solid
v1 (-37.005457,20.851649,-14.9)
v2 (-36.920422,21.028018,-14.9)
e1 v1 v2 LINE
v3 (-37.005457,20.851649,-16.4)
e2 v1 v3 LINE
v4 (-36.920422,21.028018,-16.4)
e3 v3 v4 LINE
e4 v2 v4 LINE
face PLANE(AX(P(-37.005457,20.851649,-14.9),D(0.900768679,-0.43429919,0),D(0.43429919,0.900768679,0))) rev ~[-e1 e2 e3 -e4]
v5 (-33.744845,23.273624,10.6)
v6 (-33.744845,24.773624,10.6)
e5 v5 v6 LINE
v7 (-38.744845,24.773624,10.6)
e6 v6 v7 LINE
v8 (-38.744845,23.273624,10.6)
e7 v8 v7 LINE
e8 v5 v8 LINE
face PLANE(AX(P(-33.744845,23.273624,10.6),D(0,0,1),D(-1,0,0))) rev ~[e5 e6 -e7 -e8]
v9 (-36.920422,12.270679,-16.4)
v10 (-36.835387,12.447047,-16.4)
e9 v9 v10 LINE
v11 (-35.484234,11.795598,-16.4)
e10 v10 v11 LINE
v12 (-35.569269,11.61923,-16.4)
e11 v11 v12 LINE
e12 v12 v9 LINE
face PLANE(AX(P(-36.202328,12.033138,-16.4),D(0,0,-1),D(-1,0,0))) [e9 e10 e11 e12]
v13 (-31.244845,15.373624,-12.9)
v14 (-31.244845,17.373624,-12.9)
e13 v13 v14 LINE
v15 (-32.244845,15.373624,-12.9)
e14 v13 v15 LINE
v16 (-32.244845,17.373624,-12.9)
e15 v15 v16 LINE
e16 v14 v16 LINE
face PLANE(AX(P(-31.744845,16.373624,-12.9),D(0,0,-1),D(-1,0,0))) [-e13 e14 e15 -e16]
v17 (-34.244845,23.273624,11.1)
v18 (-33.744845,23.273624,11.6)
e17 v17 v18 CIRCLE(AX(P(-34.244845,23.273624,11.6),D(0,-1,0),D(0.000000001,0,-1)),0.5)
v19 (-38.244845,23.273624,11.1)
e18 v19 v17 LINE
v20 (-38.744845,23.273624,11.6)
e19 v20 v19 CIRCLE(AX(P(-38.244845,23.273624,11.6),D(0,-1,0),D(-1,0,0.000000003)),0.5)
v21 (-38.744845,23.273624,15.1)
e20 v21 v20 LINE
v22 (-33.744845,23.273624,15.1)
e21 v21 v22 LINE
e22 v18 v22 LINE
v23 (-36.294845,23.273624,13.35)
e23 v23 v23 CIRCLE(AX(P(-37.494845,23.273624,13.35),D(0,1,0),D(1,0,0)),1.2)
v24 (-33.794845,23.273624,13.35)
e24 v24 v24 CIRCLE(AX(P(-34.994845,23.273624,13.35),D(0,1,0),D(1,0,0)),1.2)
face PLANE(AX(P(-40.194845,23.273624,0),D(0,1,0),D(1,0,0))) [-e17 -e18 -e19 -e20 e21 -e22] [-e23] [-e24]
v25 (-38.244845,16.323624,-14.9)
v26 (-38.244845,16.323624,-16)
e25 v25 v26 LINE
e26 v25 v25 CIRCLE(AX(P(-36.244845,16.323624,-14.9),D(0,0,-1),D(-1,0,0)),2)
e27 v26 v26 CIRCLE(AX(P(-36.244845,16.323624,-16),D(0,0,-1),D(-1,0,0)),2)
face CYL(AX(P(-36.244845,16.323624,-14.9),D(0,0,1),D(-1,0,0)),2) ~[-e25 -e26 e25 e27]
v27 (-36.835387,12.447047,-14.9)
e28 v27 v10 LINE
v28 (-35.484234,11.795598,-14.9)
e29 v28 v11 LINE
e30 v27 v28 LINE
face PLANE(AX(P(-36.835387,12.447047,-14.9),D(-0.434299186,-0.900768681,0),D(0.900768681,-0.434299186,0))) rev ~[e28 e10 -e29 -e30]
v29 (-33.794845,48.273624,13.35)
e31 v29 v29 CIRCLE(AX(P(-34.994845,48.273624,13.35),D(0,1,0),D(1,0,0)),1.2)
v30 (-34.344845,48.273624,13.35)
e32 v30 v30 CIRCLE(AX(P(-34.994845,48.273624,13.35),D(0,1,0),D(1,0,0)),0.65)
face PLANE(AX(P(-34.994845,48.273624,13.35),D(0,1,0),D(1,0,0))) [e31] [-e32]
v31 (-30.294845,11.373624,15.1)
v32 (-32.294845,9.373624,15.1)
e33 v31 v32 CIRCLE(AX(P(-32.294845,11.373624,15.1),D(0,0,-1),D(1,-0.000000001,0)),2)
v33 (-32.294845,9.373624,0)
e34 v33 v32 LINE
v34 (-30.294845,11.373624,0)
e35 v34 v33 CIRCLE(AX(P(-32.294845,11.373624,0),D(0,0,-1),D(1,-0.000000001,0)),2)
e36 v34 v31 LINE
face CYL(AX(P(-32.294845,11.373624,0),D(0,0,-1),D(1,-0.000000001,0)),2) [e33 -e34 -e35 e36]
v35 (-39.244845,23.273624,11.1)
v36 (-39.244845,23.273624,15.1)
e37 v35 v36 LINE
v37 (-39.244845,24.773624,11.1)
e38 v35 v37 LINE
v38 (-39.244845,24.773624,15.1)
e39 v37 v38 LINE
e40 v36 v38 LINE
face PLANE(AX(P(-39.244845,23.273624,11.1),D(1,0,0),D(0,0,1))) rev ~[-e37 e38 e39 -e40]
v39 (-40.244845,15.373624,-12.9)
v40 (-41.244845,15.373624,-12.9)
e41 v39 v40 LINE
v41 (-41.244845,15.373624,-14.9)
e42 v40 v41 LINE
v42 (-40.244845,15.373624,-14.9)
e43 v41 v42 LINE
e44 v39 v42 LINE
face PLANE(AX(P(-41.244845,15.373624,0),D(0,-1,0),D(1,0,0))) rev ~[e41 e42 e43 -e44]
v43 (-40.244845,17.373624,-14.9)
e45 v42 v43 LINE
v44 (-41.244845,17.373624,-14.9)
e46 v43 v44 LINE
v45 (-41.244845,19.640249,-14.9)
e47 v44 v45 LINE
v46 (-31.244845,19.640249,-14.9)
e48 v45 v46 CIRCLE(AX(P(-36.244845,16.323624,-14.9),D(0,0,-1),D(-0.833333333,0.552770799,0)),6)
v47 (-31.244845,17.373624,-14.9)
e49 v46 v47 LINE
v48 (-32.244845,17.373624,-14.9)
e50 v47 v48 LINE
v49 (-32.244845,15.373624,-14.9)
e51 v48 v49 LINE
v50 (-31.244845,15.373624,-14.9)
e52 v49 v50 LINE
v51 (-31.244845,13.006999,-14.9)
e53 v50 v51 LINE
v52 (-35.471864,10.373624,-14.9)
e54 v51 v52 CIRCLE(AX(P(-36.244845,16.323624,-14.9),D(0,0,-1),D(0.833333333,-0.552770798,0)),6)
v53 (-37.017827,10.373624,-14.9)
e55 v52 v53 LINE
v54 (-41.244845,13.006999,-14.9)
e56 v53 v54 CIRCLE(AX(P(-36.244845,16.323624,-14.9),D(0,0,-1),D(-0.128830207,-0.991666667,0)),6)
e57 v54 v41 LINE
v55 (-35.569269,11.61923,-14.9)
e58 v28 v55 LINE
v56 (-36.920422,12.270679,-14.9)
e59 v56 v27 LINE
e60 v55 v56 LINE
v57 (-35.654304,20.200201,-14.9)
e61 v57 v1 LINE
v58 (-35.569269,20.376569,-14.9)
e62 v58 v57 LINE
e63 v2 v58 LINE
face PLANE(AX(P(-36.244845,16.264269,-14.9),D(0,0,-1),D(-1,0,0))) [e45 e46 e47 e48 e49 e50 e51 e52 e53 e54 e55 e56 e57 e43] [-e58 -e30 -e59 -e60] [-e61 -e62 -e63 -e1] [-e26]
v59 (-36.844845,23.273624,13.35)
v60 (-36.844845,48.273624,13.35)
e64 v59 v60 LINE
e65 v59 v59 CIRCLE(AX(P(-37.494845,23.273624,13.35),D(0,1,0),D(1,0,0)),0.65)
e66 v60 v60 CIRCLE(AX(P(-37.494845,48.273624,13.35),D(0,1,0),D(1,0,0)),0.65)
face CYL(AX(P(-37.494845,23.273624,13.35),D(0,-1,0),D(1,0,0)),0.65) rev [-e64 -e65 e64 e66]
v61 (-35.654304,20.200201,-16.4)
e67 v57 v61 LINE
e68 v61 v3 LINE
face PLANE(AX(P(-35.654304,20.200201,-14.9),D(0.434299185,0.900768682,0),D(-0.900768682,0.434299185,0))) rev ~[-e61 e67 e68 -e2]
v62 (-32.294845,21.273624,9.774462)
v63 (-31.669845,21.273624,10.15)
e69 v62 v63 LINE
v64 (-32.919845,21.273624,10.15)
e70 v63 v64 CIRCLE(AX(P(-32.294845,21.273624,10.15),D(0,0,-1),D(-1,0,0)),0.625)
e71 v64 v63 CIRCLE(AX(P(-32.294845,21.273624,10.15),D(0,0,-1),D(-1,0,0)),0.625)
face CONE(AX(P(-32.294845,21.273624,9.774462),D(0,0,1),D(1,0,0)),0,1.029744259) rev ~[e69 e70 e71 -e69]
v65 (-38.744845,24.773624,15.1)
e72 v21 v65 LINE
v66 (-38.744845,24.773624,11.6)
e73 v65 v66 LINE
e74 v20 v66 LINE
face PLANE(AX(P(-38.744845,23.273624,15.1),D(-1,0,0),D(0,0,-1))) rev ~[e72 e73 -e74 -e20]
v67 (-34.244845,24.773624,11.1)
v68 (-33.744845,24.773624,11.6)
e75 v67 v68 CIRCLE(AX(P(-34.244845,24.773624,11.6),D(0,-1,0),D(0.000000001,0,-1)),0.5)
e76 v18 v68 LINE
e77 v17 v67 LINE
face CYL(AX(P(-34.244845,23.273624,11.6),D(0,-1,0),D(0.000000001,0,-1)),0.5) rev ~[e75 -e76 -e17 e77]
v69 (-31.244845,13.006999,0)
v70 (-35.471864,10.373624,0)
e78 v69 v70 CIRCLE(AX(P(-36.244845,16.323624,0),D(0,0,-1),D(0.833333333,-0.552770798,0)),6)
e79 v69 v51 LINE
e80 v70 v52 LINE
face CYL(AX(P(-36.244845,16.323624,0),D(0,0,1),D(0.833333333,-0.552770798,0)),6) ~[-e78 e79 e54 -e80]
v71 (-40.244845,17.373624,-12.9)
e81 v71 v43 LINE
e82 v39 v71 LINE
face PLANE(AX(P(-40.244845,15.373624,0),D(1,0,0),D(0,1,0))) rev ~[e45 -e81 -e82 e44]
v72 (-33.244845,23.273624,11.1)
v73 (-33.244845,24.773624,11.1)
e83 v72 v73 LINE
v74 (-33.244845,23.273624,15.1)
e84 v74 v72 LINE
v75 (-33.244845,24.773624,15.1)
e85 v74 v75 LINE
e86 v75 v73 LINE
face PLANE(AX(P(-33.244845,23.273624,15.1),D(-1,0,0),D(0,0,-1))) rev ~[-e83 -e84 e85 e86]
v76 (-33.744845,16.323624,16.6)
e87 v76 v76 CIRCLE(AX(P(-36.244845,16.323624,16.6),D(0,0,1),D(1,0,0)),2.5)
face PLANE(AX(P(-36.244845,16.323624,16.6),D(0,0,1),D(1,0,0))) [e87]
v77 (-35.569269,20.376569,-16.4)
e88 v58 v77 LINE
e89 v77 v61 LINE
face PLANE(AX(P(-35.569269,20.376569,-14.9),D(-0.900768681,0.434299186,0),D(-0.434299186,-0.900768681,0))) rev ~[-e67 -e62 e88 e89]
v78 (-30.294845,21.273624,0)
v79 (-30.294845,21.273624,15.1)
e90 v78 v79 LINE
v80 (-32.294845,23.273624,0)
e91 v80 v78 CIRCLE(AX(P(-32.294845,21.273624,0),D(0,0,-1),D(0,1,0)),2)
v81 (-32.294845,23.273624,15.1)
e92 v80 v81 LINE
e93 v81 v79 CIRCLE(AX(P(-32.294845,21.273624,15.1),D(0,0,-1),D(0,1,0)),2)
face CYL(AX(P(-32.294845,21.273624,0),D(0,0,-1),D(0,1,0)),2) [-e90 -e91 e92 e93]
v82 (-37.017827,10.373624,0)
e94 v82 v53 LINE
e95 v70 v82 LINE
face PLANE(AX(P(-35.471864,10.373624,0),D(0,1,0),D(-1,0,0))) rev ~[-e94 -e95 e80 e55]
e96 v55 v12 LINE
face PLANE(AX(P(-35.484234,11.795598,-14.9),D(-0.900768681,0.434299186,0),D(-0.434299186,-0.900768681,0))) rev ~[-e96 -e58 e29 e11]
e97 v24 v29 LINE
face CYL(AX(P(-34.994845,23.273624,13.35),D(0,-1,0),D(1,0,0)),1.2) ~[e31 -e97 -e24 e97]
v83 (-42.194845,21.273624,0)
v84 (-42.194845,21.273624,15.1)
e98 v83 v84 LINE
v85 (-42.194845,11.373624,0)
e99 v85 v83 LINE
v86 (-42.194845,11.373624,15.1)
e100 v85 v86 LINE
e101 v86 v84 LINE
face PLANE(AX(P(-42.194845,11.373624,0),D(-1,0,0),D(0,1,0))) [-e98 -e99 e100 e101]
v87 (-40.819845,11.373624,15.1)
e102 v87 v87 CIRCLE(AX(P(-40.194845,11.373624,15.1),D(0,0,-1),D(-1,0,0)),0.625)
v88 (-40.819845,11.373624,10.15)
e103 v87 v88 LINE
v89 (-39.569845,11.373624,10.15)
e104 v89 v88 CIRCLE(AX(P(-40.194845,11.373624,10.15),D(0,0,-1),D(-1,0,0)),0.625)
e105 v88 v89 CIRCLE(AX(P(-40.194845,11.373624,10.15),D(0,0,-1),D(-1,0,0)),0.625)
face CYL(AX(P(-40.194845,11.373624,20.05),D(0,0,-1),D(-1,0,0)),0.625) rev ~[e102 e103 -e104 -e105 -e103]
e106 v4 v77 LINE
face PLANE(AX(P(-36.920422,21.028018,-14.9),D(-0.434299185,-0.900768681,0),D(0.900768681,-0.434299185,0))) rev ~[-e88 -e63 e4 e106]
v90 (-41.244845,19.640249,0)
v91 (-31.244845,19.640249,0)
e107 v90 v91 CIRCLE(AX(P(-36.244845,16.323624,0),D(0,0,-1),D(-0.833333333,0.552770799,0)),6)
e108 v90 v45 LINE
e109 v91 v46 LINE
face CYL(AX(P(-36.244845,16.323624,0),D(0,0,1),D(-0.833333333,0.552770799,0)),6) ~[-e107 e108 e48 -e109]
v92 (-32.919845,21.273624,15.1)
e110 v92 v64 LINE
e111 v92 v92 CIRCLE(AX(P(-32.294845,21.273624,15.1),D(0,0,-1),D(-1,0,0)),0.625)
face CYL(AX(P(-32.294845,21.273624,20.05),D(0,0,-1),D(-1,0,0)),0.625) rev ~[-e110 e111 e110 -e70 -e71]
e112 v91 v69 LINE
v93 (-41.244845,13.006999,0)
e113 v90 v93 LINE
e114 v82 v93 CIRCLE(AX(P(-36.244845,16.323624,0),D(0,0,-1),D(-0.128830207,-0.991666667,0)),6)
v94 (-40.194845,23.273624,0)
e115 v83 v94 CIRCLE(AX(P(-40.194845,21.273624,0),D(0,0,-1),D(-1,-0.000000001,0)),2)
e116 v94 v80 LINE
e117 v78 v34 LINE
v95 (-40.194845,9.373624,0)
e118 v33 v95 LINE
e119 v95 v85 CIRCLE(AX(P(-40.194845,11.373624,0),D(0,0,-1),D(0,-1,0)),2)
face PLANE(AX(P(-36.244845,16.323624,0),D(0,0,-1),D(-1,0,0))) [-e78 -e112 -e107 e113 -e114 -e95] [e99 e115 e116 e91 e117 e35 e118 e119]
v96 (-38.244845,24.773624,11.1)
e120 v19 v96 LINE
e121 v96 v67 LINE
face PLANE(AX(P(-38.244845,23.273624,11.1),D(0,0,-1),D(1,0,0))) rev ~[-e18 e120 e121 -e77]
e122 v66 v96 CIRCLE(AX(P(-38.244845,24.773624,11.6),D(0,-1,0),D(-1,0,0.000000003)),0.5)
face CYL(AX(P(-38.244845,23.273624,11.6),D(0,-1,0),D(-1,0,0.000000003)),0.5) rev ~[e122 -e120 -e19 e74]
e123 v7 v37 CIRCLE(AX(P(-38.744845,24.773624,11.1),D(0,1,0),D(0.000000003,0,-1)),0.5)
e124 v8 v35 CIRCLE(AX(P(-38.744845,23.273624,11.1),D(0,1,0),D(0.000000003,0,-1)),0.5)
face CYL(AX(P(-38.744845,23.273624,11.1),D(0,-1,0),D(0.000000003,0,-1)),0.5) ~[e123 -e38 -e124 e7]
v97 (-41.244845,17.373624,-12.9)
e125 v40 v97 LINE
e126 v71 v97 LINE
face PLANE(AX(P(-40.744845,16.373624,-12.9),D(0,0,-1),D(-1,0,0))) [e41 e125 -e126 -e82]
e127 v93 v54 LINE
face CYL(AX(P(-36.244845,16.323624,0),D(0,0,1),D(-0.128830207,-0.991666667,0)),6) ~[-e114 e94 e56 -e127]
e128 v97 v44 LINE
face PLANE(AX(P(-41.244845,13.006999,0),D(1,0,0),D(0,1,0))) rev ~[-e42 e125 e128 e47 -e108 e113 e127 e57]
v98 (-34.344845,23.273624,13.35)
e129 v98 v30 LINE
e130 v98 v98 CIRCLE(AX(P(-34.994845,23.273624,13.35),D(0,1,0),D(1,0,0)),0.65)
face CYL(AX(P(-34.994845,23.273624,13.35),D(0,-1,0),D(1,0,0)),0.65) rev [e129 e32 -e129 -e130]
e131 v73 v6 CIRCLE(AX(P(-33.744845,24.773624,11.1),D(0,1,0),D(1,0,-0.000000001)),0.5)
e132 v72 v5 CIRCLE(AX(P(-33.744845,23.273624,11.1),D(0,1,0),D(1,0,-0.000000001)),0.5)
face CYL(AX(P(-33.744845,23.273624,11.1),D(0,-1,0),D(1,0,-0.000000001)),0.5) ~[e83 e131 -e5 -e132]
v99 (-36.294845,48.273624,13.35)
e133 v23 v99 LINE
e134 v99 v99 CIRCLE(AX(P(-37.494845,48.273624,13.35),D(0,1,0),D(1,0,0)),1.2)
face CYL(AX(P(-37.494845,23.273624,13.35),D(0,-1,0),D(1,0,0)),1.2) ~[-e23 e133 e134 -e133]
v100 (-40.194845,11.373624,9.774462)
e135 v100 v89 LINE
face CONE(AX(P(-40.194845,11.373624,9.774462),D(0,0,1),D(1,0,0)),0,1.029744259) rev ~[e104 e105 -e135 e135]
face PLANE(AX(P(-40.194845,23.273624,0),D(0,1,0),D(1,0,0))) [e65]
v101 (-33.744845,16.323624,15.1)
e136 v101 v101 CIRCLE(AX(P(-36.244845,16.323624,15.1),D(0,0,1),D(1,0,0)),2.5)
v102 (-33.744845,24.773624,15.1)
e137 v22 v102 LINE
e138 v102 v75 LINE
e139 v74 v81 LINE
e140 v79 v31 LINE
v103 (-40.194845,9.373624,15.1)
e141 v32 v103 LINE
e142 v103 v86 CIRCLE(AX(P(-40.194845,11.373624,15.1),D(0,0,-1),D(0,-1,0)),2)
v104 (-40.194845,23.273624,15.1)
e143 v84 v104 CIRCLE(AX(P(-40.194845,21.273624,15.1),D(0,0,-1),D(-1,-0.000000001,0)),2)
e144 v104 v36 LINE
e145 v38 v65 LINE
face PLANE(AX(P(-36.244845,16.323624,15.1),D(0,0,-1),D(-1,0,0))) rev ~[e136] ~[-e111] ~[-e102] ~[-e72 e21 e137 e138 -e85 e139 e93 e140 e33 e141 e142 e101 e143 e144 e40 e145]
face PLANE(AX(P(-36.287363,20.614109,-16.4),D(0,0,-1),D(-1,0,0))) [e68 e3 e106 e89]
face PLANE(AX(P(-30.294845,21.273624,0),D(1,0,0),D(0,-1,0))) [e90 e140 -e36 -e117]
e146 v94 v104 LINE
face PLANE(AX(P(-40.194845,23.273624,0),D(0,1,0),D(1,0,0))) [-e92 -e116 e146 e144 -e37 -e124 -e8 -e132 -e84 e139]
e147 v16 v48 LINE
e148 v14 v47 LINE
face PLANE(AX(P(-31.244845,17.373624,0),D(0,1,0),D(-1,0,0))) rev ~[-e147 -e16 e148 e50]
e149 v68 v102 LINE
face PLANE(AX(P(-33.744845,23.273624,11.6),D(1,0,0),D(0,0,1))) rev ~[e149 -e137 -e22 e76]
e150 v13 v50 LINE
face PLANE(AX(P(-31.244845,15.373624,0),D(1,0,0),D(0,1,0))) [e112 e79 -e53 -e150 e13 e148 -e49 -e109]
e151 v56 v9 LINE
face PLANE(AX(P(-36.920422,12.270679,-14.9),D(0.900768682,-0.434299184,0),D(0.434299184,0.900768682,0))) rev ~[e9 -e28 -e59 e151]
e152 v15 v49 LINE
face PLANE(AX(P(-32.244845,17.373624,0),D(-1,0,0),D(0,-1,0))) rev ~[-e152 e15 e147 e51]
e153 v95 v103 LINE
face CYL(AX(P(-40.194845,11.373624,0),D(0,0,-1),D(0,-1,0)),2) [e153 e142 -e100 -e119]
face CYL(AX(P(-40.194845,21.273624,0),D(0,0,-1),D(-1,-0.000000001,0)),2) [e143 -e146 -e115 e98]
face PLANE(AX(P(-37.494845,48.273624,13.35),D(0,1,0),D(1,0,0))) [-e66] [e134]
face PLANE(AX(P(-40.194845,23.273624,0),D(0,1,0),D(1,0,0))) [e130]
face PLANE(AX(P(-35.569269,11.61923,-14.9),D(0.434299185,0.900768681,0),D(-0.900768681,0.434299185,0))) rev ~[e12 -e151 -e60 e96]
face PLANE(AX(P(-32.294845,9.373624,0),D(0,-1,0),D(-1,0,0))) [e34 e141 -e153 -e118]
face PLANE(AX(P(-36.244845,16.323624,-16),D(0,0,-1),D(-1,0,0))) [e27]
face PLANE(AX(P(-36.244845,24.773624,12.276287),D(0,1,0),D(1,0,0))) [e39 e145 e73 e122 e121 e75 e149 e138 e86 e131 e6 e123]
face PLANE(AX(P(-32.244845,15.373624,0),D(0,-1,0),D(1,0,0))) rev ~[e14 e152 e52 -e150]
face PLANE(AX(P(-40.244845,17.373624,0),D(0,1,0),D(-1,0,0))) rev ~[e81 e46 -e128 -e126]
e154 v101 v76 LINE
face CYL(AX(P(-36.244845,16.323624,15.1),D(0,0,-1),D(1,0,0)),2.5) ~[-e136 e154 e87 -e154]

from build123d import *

# Parameters (mm, degrees)
EXTRUDE_1_DEPTH   = 15.1
SKETCH_2_R        = 2.5
EXTRUDE_2_DEPTH   = 1.5
EXTRUDE_3_DEPTH   = 1.5
M1_6X0_35_1_D     = 1.25
M1_6X0_35_1_DEPTH = 4.95
M1_6X0_35_1_TIP   = 0.375537887
EXTRUDE_4_DEPTH   = 14.9
SKETCH_7_3_W      = 1
SKETCH_7_3_H      = 2
EXTRUDE_5_DEPTH   = 12.9
SKETCH_8_R        = 2
EXTRUDE_6_DEPTH   = 1.1
EXTRUDE_7_DEPTH   = 1.5
SKETCH_10_R       = 1.2
SKETCH_10_R_2     = 0.65
EXTRUDE_13_DEPTH  = 25


with BuildPart() as part:
    # ｽｹｯﾁ1 → ﾎﾞｽ - 押し出し1 (new body)
    with BuildSketch(Plane.XY):
        with BuildLine():
            Line((-40.194845485, 23.273623853), (-32.294845485, 23.273623853))
            ThreePointArc((-32.294845485, 23.273623853), (-30.880631923, 22.687837416), (-30.294845485, 21.273623853))
            Line((-30.294845485, 21.273623853), (-30.294845485, 11.373623853))
            ThreePointArc((-30.294845485, 11.373623853), (-30.880631923, 9.959410291), (-32.294845485, 9.373623853))
            Line((-32.294845485, 9.373623853), (-40.194845485, 9.373623853))
            ThreePointArc((-40.194845485, 9.373623853), (-41.609059048, 9.959410291), (-42.194845485, 11.373623853))
            Line((-42.194845485, 11.373623853), (-42.194845485, 21.273623853))
            ThreePointArc((-42.194845485, 21.273623853), (-41.609059048, 22.687837416), (-40.194845485, 23.273623853))
        make_face()
    extrude(amount=EXTRUDE_1_DEPTH)

    # ｽｹｯﾁ2 → ﾎﾞｽ - 押し出し2 (add)
    with BuildSketch(Plane.XY.offset(15.1)):
        with Locations((-36.244845485, 16.323623853)):
            Circle(SKETCH_2_R)
    extrude(amount=EXTRUDE_2_DEPTH)

    # ｽｹｯﾁ3 → ﾎﾞｽ - 押し出し3 (add)
    with BuildSketch(Plane(origin=(0, 23.273623853, 0), x_dir=(1, 0, 0), z_dir=(0, 1, 0))):
        with BuildLine():
            Line((-33.744845485, -10.6), (-38.744845485, -10.6))
            ThreePointArc((-38.744845485, -10.6), (-39.098398876, -10.746446609), (-39.244845485, -11.1))
            Line((-39.244845485, -11.1), (-39.244845485, -15.1))
            Line((-39.244845485, -15.1), (-38.744845485, -15.1))
            Line((-38.744845485, -15.1), (-38.744845485, -14.6))
            Line((-38.744845485, -14.6), (-38.744845485, -11.6))
            ThreePointArc((-38.744845485, -11.6), (-38.598398876, -11.246446609), (-38.244845485, -11.1))
            Line((-38.244845485, -11.1), (-34.244845485, -11.1))
            ThreePointArc((-34.244845485, -11.1), (-33.891292095, -11.246446609), (-33.744845485, -11.6))
            Line((-33.744845485, -11.6), (-33.744845485, -14.6))
            Line((-33.744845485, -14.6), (-33.744845485, -15.1))
            Line((-33.744845485, -15.1), (-33.244845485, -15.1))
            Line((-33.244845485, -15.1), (-33.244845485, -11.1))
            ThreePointArc((-33.244845485, -11.1), (-33.391292095, -10.746446609), (-33.744845485, -10.6))
        make_face()
    extrude(amount=EXTRUDE_3_DEPTH)

    # M1.6x0.35 ねじ穴1
    with Locations(Plane(origin=(-32.294845485, 21.273623853, 15.1), x_dir=(1, 0, 0), z_dir=(0, 0, 1))):
        with Locations((0, 0), (-7.9, -9.9)):
            Hole(M1_6X0_35_1_D / 2, depth=M1_6X0_35_1_DEPTH)
            with Locations((0, 0, -(M1_6X0_35_1_DEPTH + M1_6X0_35_1_TIP / 2))):  # 118° drill point
                Cone(0, M1_6X0_35_1_D / 2, M1_6X0_35_1_TIP, mode=Mode.SUBTRACT)

    # ｽｹｯﾁ7 → ﾎﾞｽ - 押し出し4 (add)
    with BuildSketch(Plane(origin=(0, 0, 0), x_dir=(-1, 0, 0), z_dir=(0, 0, -1))):
        with BuildLine():
            ThreePointArc((41.244845485, 19.640248644), (36.244845485, 22.323623853), (31.244845485, 19.640248644))
            Line((31.244845485, 19.640248644), (31.244845485, 17.373623853))
            Line((31.244845485, 17.373623853), (32.244845485, 17.373623853))
            Line((32.244845485, 17.373623853), (32.244845485, 15.373623853))
            Line((32.244845485, 15.373623853), (31.244845485, 15.373623853))
            Line((31.244845485, 15.373623853), (31.244845485, 13.006999063))
            ThreePointArc((31.244845485, 13.006999063), (33.072229159, 11.231030639), (35.471864244, 10.373623853))
            Line((35.471864244, 10.373623853), (37.017826727, 10.373623853))
            ThreePointArc((37.017826727, 10.373623853), (39.417461811, 11.231030639), (41.244845485, 13.006999063))
            Line((41.244845485, 13.006999063), (41.244845485, 15.373623853))
            Line((41.244845485, 15.373623853), (40.244845485, 15.373623853))
            Line((40.244845485, 15.373623853), (40.244845485, 17.373623853))
            Line((40.244845485, 17.373623853), (41.244845485, 17.373623853))
            Line((41.244845485, 17.373623853), (41.244845485, 19.640248644))
        make_face()
    extrude(amount=EXTRUDE_4_DEPTH)

    # ｽｹｯﾁ7<3> → ﾎﾞｽ - 押し出し5 (add)
    with BuildSketch(Plane(origin=(0, 0, 0), x_dir=(-1, 0, 0), z_dir=(0, 0, -1))):
        with Locations((31.744845485, 16.373623853)):
            Rectangle(SKETCH_7_3_W, SKETCH_7_3_H)
        with Locations((40.744845485, 16.373623853)):
            Rectangle(SKETCH_7_3_W, SKETCH_7_3_H)
    extrude(amount=EXTRUDE_5_DEPTH)

    # ｽｹｯﾁ8 → ﾎﾞｽ - 押し出し6 (add)
    with BuildSketch(Plane(origin=(0, 0, -14.9), x_dir=(-1, 0, 0), z_dir=(0, 0, -1))):
        with Locations((36.244845485, 16.323623853)):
            Circle(SKETCH_8_R)
    extrude(amount=EXTRUDE_6_DEPTH)

    # ｽｹｯﾁ8<3> → ﾎﾞｽ - 押し出し7 (add)
    with BuildSketch(Plane(origin=(0, 0, -14.9), x_dir=(-1, 0, 0), z_dir=(0, 0, -1))):
        Polygon((36.920421996, 21.028017883), (35.569268974, 20.376569105), (35.654303745, 20.200200691), (37.005456768, 20.851649469), align=None)
        Polygon((35.569268974, 11.619229823), (36.920421996, 12.270678601), (36.835387225, 12.447047016), (35.484234203, 11.795598237), align=None)
    extrude(amount=EXTRUDE_7_DEPTH)

    # ｽｹｯﾁ10 → ﾎﾞｽ - 押し出し13 (add)
    # profile 1 of 2: a face of its own
    with BuildSketch(Plane(origin=(0, 23.273623853, 0), x_dir=(1, 0, 0), z_dir=(0, 1, 0))):
        with Locations((-37.494845485, -13.35)):
            Circle(SKETCH_10_R)
        with Locations((-37.494845485, -13.35)):
            Circle(SKETCH_10_R_2, mode=Mode.SUBTRACT)
    # profile 2 of 2: a face of its own
    with BuildSketch(Plane(origin=(0, 23.273623853, 0), x_dir=(1, 0, 0), z_dir=(0, 1, 0))):
        with Locations((-34.994845485, -13.35)):
            Circle(SKETCH_10_R)
        with Locations((-34.994845485, -13.35)):
            Circle(SKETCH_10_R_2, mode=Mode.SUBTRACT)
    extrude(amount=EXTRUDE_13_DEPTH)


solid = part.part
